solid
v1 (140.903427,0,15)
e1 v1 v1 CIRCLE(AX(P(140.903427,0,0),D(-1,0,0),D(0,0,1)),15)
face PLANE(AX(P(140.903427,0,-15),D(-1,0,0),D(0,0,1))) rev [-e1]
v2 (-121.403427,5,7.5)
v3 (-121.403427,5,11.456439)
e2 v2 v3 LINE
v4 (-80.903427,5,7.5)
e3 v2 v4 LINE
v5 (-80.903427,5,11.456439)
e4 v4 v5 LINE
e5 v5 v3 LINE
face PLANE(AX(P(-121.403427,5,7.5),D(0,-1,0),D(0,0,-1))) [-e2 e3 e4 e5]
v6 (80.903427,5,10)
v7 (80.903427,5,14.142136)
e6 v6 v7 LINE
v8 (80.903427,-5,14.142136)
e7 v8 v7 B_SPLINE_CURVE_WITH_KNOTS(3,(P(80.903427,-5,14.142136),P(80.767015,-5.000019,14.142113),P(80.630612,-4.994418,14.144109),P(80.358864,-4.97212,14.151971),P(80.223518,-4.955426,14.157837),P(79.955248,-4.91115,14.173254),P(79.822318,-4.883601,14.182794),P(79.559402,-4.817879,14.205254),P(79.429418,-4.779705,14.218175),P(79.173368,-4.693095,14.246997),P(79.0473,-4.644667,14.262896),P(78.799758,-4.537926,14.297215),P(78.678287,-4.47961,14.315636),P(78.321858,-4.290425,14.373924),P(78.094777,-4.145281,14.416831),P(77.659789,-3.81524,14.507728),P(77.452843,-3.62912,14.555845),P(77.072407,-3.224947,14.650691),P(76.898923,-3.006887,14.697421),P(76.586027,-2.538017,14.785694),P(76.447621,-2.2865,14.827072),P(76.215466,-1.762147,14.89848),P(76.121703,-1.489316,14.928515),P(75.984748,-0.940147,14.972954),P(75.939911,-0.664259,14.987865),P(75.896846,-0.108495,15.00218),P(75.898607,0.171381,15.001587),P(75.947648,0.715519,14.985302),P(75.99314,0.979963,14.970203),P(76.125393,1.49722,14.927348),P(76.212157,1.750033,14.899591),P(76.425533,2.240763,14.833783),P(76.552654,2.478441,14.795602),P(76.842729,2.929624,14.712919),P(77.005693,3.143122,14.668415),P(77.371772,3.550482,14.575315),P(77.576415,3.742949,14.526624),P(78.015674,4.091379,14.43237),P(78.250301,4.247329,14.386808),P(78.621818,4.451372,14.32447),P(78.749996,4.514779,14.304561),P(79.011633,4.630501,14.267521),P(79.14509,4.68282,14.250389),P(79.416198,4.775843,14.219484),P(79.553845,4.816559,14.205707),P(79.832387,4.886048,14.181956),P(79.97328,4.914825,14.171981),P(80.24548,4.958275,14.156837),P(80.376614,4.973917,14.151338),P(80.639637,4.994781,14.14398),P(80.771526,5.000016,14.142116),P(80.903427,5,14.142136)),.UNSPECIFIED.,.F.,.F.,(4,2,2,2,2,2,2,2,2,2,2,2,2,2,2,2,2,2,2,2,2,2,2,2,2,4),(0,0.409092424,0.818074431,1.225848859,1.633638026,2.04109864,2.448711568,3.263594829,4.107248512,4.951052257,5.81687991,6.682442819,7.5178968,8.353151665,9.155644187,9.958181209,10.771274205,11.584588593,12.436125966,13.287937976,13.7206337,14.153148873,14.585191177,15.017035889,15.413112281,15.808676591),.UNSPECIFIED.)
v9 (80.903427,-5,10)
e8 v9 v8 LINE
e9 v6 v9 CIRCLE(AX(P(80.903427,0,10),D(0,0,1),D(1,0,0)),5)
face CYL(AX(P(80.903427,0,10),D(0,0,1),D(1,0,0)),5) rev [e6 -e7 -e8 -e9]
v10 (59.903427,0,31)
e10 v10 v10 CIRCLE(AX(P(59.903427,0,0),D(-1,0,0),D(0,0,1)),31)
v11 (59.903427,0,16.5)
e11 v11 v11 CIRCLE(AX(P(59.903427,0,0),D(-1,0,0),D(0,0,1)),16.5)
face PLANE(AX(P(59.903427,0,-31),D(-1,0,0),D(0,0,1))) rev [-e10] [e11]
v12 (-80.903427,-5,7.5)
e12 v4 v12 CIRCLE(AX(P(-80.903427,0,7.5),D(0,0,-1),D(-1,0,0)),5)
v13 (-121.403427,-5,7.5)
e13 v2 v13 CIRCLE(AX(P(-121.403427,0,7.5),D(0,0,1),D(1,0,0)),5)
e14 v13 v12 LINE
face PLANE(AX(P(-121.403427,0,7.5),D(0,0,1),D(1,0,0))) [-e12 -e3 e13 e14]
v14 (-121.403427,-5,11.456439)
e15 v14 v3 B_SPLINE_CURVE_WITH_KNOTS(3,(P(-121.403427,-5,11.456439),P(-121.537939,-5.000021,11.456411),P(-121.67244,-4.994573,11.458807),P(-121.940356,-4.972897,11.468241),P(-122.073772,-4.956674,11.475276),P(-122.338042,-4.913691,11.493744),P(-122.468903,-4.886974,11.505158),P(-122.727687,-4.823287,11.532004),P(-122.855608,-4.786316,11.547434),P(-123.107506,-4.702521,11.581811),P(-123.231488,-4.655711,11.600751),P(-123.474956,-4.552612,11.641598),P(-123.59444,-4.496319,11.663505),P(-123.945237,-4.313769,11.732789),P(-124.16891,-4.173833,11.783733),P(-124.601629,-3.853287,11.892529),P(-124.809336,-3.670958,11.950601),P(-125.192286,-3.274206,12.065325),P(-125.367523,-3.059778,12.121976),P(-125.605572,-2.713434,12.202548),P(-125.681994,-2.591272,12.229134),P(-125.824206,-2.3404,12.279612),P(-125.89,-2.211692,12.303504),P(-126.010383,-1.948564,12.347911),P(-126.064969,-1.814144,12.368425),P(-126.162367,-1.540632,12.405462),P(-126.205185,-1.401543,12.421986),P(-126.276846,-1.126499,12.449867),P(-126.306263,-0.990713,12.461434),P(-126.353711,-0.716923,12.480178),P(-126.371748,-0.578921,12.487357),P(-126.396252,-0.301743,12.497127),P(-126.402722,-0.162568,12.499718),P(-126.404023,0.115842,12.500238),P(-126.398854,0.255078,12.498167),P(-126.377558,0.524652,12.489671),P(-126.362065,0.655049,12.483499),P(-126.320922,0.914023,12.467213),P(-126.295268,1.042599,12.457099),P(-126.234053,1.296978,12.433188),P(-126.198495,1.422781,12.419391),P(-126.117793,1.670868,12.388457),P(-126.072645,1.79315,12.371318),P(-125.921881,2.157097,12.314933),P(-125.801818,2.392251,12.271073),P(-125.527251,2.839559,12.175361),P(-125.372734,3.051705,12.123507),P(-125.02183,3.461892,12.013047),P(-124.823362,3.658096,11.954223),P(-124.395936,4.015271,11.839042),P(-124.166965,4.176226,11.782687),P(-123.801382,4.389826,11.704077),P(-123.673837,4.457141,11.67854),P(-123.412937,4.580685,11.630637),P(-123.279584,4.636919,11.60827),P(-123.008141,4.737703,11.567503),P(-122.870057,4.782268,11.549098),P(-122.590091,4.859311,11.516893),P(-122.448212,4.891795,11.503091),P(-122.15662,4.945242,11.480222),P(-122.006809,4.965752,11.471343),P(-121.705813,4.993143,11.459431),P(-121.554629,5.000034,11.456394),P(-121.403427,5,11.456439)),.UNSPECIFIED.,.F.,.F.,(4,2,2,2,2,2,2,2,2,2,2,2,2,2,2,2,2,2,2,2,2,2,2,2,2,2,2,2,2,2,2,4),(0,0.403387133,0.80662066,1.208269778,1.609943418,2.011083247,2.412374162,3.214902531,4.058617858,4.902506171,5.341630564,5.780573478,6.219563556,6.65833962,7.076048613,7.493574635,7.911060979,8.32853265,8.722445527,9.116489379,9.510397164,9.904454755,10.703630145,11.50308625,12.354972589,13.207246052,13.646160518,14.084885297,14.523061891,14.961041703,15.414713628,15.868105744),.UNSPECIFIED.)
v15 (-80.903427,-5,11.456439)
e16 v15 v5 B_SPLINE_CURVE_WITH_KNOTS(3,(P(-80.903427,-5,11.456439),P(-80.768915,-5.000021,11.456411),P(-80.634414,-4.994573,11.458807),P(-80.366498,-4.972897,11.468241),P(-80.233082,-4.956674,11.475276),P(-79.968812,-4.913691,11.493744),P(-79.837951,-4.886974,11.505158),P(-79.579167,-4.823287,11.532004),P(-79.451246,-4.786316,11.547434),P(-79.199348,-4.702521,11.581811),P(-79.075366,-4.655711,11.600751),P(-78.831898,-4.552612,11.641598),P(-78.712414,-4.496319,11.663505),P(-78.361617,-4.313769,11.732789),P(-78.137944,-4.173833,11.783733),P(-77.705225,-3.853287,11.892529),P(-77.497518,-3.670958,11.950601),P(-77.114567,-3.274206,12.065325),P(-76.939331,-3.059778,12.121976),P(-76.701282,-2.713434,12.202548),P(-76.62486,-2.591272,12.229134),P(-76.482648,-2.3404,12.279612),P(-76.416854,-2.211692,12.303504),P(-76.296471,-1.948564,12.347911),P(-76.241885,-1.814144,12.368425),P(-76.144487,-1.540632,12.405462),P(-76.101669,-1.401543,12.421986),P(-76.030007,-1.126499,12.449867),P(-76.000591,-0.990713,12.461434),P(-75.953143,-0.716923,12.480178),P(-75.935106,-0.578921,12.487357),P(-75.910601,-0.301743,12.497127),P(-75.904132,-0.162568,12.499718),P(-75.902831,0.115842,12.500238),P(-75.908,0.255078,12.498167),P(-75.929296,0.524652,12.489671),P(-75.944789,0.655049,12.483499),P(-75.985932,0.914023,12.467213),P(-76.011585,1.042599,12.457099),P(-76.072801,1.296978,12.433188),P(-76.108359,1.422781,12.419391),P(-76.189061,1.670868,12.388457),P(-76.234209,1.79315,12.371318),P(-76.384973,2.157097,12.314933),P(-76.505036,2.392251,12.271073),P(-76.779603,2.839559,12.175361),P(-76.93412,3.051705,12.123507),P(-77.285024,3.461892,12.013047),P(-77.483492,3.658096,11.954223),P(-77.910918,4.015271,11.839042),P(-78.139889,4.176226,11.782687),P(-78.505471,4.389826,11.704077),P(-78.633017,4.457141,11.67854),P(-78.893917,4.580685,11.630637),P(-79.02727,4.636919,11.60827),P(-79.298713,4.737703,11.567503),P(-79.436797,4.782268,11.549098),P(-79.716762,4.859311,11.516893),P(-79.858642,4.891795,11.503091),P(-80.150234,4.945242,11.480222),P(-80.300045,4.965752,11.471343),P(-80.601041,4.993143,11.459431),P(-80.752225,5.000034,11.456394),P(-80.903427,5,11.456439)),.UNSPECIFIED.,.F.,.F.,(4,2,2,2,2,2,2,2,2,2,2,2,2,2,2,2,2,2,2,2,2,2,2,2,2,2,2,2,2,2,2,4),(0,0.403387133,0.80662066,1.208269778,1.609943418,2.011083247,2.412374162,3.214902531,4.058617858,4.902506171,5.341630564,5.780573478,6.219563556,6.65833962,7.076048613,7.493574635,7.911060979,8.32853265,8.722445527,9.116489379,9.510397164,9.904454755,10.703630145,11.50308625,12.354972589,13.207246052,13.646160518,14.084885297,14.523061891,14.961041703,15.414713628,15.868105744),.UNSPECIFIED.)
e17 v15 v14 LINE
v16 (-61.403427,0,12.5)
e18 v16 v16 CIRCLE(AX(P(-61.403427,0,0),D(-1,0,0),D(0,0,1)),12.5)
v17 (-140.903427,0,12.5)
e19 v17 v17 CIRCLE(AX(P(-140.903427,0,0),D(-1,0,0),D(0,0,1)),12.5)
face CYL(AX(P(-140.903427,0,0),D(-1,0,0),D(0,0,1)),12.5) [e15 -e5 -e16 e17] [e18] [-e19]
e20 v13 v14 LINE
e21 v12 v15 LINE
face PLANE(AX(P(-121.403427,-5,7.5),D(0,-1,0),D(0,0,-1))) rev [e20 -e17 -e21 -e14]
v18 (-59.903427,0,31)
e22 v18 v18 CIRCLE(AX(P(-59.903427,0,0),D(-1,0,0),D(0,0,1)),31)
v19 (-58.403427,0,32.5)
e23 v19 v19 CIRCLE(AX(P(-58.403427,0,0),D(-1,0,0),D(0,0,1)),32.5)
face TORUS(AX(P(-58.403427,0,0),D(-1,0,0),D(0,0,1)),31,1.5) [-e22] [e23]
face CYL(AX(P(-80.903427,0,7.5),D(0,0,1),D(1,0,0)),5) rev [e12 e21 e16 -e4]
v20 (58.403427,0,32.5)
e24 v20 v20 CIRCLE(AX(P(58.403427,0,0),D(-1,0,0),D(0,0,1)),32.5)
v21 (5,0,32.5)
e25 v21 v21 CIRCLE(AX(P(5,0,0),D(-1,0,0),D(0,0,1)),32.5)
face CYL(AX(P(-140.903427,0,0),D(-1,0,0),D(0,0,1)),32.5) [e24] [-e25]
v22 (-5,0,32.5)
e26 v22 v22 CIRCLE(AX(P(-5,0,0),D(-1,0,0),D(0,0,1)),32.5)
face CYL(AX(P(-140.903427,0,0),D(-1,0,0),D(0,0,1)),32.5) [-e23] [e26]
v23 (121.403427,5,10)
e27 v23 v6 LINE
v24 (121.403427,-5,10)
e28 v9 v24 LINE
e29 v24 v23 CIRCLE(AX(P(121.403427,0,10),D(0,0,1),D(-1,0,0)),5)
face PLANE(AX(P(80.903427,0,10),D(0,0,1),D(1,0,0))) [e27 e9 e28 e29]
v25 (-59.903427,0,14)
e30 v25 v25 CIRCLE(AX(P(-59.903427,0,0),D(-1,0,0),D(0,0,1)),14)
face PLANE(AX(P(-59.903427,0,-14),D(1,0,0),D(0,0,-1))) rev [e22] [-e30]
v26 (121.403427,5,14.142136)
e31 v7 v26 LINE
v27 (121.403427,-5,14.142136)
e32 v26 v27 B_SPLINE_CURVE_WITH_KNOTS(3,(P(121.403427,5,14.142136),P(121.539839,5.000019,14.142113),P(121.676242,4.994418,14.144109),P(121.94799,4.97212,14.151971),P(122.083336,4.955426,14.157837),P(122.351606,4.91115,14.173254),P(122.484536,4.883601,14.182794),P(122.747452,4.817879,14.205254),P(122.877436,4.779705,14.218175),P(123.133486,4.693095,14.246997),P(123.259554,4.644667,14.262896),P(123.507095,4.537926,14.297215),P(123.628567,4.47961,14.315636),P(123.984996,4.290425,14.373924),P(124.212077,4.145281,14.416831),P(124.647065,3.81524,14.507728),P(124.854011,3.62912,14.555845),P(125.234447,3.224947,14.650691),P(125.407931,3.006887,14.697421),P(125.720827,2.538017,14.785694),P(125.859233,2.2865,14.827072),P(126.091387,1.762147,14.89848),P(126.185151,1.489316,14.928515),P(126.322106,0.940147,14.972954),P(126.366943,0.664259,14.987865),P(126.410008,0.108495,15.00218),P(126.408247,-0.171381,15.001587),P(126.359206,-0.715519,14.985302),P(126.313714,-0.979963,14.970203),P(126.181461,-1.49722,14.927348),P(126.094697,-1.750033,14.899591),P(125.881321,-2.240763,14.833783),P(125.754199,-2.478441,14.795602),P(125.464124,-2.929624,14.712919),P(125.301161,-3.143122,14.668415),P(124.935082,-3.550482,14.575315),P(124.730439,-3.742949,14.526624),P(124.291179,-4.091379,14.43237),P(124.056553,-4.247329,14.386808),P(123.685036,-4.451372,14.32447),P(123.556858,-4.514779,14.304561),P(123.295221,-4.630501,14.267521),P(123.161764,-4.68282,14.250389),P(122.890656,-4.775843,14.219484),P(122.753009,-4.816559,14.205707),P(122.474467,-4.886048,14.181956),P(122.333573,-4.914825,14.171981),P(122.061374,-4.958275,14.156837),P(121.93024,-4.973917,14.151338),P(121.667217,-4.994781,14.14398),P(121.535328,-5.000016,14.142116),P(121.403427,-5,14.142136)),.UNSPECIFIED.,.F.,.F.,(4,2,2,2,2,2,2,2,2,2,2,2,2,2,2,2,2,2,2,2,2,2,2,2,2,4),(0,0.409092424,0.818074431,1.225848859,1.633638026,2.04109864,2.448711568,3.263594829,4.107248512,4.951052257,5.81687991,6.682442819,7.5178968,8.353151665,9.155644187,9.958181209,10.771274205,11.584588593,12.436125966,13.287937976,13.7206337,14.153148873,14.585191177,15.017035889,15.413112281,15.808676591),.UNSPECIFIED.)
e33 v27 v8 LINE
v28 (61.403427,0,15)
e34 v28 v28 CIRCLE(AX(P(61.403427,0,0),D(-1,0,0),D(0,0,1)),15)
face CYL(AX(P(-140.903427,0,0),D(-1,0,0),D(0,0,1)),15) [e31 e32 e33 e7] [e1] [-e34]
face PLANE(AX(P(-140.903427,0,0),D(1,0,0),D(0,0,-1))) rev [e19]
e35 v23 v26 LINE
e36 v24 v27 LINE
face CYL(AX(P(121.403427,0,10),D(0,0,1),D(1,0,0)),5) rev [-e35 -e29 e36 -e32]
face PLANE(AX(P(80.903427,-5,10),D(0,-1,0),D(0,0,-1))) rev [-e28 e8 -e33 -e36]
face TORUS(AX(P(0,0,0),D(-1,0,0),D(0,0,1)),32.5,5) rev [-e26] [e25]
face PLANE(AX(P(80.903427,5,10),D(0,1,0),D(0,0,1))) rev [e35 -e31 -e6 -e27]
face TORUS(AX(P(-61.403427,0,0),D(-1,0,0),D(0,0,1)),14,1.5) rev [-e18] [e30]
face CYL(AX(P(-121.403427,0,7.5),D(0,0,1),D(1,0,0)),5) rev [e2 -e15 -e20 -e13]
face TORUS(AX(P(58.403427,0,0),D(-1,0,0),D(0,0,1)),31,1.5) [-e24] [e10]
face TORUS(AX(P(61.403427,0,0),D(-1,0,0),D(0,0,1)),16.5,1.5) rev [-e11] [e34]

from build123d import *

# Parameters (mm, degrees)
CORTAR_EXTRUIR2_START = 12.5
CORTAR_EXTRUIR2_DEPTH = 5
CORTAR_EXTRUIR3_START = 15
CORTAR_EXTRUIR3_DEPTH = 5


with BuildPart() as part:
    # Croquis4 → Revolución2 (revolve)
    with BuildSketch(Plane(origin=(0, 0, 0), x_dir=(1, 0, 0), z_dir=(0, 1, 0)), mode=Mode.PRIVATE) as revoluci_n2_sk:
        with BuildLine():
            Line((-140.903426942, 0), (-140.903426942, 12.5))
            Line((-140.903426942, 12.5), (-61.403426942, 12.5))
            ThreePointArc((-61.403426942, 12.5), (-60.34276677, 12.939339828), (-59.903426942, 14))
            Line((-59.903426942, 14), (-59.903426942, 31))
            ThreePointArc((-59.903426942, 31), (-59.464087114, 32.060660172), (-58.403426942, 32.5))
            Line((-58.403426942, 32.5), (-5, 32.5))
            ThreePointArc((-5, 32.5), (0, 27.5), (5, 32.5))
            Line((5, 32.5), (58.403426942, 32.5))
            ThreePointArc((58.403426942, 32.5), (59.464087114, 32.060660172), (59.903426942, 31))
            Line((59.903426942, 31), (59.903426942, 16.5))
            ThreePointArc((59.903426942, 16.5), (60.34276677, 15.439339828), (61.403426942, 15))
            Line((61.403426942, 15), (140.903426942, 15))
            Line((140.903426942, 15), (140.903426942, 0))
            Line((140.903426942, 0), (-140.903426942, 0))
        make_face()
    revolve(revoluci_n2_sk.sketch.rotate(Axis((-140.903426942, 0, 0), (1, 0, 0)), 180), axis=Axis((-140.903426942, 0, 0), (1, 0, 0)))

    # Croquis5 → Cortar-Extruir2 (cut)
    with BuildSketch(Plane.XY.offset(CORTAR_EXTRUIR2_START)):
        with BuildLine():
            Line((-121.403426942, -5), (-80.903426942, -5))
            ThreePointArc((-80.903426942, -5), (-75.903426942, 0), (-80.903426942, 5))
            Line((-80.903426942, 5), (-121.403426942, 5))
            ThreePointArc((-121.403426942, 5), (-126.403426942, 0), (-121.403426942, -5))
        make_face()
    extrude(amount=-CORTAR_EXTRUIR2_DEPTH, mode=Mode.SUBTRACT)

    # Croquis6 → Cortar-Extruir3 (cut)
    with BuildSketch(Plane.XY.offset(CORTAR_EXTRUIR3_START)):
        with BuildLine():
            Line((80.903426942, 5), (121.403426942, 5))
            ThreePointArc((121.403426942, 5), (126.403426942, 0), (121.403426942, -5))
            Line((121.403426942, -5), (80.903426942, -5))
            ThreePointArc((80.903426942, -5), (75.903426942, 0), (80.903426942, 5))
        make_face()
    extrude(amount=-CORTAR_EXTRUIR3_DEPTH, mode=Mode.SUBTRACT)


solid = part.part
